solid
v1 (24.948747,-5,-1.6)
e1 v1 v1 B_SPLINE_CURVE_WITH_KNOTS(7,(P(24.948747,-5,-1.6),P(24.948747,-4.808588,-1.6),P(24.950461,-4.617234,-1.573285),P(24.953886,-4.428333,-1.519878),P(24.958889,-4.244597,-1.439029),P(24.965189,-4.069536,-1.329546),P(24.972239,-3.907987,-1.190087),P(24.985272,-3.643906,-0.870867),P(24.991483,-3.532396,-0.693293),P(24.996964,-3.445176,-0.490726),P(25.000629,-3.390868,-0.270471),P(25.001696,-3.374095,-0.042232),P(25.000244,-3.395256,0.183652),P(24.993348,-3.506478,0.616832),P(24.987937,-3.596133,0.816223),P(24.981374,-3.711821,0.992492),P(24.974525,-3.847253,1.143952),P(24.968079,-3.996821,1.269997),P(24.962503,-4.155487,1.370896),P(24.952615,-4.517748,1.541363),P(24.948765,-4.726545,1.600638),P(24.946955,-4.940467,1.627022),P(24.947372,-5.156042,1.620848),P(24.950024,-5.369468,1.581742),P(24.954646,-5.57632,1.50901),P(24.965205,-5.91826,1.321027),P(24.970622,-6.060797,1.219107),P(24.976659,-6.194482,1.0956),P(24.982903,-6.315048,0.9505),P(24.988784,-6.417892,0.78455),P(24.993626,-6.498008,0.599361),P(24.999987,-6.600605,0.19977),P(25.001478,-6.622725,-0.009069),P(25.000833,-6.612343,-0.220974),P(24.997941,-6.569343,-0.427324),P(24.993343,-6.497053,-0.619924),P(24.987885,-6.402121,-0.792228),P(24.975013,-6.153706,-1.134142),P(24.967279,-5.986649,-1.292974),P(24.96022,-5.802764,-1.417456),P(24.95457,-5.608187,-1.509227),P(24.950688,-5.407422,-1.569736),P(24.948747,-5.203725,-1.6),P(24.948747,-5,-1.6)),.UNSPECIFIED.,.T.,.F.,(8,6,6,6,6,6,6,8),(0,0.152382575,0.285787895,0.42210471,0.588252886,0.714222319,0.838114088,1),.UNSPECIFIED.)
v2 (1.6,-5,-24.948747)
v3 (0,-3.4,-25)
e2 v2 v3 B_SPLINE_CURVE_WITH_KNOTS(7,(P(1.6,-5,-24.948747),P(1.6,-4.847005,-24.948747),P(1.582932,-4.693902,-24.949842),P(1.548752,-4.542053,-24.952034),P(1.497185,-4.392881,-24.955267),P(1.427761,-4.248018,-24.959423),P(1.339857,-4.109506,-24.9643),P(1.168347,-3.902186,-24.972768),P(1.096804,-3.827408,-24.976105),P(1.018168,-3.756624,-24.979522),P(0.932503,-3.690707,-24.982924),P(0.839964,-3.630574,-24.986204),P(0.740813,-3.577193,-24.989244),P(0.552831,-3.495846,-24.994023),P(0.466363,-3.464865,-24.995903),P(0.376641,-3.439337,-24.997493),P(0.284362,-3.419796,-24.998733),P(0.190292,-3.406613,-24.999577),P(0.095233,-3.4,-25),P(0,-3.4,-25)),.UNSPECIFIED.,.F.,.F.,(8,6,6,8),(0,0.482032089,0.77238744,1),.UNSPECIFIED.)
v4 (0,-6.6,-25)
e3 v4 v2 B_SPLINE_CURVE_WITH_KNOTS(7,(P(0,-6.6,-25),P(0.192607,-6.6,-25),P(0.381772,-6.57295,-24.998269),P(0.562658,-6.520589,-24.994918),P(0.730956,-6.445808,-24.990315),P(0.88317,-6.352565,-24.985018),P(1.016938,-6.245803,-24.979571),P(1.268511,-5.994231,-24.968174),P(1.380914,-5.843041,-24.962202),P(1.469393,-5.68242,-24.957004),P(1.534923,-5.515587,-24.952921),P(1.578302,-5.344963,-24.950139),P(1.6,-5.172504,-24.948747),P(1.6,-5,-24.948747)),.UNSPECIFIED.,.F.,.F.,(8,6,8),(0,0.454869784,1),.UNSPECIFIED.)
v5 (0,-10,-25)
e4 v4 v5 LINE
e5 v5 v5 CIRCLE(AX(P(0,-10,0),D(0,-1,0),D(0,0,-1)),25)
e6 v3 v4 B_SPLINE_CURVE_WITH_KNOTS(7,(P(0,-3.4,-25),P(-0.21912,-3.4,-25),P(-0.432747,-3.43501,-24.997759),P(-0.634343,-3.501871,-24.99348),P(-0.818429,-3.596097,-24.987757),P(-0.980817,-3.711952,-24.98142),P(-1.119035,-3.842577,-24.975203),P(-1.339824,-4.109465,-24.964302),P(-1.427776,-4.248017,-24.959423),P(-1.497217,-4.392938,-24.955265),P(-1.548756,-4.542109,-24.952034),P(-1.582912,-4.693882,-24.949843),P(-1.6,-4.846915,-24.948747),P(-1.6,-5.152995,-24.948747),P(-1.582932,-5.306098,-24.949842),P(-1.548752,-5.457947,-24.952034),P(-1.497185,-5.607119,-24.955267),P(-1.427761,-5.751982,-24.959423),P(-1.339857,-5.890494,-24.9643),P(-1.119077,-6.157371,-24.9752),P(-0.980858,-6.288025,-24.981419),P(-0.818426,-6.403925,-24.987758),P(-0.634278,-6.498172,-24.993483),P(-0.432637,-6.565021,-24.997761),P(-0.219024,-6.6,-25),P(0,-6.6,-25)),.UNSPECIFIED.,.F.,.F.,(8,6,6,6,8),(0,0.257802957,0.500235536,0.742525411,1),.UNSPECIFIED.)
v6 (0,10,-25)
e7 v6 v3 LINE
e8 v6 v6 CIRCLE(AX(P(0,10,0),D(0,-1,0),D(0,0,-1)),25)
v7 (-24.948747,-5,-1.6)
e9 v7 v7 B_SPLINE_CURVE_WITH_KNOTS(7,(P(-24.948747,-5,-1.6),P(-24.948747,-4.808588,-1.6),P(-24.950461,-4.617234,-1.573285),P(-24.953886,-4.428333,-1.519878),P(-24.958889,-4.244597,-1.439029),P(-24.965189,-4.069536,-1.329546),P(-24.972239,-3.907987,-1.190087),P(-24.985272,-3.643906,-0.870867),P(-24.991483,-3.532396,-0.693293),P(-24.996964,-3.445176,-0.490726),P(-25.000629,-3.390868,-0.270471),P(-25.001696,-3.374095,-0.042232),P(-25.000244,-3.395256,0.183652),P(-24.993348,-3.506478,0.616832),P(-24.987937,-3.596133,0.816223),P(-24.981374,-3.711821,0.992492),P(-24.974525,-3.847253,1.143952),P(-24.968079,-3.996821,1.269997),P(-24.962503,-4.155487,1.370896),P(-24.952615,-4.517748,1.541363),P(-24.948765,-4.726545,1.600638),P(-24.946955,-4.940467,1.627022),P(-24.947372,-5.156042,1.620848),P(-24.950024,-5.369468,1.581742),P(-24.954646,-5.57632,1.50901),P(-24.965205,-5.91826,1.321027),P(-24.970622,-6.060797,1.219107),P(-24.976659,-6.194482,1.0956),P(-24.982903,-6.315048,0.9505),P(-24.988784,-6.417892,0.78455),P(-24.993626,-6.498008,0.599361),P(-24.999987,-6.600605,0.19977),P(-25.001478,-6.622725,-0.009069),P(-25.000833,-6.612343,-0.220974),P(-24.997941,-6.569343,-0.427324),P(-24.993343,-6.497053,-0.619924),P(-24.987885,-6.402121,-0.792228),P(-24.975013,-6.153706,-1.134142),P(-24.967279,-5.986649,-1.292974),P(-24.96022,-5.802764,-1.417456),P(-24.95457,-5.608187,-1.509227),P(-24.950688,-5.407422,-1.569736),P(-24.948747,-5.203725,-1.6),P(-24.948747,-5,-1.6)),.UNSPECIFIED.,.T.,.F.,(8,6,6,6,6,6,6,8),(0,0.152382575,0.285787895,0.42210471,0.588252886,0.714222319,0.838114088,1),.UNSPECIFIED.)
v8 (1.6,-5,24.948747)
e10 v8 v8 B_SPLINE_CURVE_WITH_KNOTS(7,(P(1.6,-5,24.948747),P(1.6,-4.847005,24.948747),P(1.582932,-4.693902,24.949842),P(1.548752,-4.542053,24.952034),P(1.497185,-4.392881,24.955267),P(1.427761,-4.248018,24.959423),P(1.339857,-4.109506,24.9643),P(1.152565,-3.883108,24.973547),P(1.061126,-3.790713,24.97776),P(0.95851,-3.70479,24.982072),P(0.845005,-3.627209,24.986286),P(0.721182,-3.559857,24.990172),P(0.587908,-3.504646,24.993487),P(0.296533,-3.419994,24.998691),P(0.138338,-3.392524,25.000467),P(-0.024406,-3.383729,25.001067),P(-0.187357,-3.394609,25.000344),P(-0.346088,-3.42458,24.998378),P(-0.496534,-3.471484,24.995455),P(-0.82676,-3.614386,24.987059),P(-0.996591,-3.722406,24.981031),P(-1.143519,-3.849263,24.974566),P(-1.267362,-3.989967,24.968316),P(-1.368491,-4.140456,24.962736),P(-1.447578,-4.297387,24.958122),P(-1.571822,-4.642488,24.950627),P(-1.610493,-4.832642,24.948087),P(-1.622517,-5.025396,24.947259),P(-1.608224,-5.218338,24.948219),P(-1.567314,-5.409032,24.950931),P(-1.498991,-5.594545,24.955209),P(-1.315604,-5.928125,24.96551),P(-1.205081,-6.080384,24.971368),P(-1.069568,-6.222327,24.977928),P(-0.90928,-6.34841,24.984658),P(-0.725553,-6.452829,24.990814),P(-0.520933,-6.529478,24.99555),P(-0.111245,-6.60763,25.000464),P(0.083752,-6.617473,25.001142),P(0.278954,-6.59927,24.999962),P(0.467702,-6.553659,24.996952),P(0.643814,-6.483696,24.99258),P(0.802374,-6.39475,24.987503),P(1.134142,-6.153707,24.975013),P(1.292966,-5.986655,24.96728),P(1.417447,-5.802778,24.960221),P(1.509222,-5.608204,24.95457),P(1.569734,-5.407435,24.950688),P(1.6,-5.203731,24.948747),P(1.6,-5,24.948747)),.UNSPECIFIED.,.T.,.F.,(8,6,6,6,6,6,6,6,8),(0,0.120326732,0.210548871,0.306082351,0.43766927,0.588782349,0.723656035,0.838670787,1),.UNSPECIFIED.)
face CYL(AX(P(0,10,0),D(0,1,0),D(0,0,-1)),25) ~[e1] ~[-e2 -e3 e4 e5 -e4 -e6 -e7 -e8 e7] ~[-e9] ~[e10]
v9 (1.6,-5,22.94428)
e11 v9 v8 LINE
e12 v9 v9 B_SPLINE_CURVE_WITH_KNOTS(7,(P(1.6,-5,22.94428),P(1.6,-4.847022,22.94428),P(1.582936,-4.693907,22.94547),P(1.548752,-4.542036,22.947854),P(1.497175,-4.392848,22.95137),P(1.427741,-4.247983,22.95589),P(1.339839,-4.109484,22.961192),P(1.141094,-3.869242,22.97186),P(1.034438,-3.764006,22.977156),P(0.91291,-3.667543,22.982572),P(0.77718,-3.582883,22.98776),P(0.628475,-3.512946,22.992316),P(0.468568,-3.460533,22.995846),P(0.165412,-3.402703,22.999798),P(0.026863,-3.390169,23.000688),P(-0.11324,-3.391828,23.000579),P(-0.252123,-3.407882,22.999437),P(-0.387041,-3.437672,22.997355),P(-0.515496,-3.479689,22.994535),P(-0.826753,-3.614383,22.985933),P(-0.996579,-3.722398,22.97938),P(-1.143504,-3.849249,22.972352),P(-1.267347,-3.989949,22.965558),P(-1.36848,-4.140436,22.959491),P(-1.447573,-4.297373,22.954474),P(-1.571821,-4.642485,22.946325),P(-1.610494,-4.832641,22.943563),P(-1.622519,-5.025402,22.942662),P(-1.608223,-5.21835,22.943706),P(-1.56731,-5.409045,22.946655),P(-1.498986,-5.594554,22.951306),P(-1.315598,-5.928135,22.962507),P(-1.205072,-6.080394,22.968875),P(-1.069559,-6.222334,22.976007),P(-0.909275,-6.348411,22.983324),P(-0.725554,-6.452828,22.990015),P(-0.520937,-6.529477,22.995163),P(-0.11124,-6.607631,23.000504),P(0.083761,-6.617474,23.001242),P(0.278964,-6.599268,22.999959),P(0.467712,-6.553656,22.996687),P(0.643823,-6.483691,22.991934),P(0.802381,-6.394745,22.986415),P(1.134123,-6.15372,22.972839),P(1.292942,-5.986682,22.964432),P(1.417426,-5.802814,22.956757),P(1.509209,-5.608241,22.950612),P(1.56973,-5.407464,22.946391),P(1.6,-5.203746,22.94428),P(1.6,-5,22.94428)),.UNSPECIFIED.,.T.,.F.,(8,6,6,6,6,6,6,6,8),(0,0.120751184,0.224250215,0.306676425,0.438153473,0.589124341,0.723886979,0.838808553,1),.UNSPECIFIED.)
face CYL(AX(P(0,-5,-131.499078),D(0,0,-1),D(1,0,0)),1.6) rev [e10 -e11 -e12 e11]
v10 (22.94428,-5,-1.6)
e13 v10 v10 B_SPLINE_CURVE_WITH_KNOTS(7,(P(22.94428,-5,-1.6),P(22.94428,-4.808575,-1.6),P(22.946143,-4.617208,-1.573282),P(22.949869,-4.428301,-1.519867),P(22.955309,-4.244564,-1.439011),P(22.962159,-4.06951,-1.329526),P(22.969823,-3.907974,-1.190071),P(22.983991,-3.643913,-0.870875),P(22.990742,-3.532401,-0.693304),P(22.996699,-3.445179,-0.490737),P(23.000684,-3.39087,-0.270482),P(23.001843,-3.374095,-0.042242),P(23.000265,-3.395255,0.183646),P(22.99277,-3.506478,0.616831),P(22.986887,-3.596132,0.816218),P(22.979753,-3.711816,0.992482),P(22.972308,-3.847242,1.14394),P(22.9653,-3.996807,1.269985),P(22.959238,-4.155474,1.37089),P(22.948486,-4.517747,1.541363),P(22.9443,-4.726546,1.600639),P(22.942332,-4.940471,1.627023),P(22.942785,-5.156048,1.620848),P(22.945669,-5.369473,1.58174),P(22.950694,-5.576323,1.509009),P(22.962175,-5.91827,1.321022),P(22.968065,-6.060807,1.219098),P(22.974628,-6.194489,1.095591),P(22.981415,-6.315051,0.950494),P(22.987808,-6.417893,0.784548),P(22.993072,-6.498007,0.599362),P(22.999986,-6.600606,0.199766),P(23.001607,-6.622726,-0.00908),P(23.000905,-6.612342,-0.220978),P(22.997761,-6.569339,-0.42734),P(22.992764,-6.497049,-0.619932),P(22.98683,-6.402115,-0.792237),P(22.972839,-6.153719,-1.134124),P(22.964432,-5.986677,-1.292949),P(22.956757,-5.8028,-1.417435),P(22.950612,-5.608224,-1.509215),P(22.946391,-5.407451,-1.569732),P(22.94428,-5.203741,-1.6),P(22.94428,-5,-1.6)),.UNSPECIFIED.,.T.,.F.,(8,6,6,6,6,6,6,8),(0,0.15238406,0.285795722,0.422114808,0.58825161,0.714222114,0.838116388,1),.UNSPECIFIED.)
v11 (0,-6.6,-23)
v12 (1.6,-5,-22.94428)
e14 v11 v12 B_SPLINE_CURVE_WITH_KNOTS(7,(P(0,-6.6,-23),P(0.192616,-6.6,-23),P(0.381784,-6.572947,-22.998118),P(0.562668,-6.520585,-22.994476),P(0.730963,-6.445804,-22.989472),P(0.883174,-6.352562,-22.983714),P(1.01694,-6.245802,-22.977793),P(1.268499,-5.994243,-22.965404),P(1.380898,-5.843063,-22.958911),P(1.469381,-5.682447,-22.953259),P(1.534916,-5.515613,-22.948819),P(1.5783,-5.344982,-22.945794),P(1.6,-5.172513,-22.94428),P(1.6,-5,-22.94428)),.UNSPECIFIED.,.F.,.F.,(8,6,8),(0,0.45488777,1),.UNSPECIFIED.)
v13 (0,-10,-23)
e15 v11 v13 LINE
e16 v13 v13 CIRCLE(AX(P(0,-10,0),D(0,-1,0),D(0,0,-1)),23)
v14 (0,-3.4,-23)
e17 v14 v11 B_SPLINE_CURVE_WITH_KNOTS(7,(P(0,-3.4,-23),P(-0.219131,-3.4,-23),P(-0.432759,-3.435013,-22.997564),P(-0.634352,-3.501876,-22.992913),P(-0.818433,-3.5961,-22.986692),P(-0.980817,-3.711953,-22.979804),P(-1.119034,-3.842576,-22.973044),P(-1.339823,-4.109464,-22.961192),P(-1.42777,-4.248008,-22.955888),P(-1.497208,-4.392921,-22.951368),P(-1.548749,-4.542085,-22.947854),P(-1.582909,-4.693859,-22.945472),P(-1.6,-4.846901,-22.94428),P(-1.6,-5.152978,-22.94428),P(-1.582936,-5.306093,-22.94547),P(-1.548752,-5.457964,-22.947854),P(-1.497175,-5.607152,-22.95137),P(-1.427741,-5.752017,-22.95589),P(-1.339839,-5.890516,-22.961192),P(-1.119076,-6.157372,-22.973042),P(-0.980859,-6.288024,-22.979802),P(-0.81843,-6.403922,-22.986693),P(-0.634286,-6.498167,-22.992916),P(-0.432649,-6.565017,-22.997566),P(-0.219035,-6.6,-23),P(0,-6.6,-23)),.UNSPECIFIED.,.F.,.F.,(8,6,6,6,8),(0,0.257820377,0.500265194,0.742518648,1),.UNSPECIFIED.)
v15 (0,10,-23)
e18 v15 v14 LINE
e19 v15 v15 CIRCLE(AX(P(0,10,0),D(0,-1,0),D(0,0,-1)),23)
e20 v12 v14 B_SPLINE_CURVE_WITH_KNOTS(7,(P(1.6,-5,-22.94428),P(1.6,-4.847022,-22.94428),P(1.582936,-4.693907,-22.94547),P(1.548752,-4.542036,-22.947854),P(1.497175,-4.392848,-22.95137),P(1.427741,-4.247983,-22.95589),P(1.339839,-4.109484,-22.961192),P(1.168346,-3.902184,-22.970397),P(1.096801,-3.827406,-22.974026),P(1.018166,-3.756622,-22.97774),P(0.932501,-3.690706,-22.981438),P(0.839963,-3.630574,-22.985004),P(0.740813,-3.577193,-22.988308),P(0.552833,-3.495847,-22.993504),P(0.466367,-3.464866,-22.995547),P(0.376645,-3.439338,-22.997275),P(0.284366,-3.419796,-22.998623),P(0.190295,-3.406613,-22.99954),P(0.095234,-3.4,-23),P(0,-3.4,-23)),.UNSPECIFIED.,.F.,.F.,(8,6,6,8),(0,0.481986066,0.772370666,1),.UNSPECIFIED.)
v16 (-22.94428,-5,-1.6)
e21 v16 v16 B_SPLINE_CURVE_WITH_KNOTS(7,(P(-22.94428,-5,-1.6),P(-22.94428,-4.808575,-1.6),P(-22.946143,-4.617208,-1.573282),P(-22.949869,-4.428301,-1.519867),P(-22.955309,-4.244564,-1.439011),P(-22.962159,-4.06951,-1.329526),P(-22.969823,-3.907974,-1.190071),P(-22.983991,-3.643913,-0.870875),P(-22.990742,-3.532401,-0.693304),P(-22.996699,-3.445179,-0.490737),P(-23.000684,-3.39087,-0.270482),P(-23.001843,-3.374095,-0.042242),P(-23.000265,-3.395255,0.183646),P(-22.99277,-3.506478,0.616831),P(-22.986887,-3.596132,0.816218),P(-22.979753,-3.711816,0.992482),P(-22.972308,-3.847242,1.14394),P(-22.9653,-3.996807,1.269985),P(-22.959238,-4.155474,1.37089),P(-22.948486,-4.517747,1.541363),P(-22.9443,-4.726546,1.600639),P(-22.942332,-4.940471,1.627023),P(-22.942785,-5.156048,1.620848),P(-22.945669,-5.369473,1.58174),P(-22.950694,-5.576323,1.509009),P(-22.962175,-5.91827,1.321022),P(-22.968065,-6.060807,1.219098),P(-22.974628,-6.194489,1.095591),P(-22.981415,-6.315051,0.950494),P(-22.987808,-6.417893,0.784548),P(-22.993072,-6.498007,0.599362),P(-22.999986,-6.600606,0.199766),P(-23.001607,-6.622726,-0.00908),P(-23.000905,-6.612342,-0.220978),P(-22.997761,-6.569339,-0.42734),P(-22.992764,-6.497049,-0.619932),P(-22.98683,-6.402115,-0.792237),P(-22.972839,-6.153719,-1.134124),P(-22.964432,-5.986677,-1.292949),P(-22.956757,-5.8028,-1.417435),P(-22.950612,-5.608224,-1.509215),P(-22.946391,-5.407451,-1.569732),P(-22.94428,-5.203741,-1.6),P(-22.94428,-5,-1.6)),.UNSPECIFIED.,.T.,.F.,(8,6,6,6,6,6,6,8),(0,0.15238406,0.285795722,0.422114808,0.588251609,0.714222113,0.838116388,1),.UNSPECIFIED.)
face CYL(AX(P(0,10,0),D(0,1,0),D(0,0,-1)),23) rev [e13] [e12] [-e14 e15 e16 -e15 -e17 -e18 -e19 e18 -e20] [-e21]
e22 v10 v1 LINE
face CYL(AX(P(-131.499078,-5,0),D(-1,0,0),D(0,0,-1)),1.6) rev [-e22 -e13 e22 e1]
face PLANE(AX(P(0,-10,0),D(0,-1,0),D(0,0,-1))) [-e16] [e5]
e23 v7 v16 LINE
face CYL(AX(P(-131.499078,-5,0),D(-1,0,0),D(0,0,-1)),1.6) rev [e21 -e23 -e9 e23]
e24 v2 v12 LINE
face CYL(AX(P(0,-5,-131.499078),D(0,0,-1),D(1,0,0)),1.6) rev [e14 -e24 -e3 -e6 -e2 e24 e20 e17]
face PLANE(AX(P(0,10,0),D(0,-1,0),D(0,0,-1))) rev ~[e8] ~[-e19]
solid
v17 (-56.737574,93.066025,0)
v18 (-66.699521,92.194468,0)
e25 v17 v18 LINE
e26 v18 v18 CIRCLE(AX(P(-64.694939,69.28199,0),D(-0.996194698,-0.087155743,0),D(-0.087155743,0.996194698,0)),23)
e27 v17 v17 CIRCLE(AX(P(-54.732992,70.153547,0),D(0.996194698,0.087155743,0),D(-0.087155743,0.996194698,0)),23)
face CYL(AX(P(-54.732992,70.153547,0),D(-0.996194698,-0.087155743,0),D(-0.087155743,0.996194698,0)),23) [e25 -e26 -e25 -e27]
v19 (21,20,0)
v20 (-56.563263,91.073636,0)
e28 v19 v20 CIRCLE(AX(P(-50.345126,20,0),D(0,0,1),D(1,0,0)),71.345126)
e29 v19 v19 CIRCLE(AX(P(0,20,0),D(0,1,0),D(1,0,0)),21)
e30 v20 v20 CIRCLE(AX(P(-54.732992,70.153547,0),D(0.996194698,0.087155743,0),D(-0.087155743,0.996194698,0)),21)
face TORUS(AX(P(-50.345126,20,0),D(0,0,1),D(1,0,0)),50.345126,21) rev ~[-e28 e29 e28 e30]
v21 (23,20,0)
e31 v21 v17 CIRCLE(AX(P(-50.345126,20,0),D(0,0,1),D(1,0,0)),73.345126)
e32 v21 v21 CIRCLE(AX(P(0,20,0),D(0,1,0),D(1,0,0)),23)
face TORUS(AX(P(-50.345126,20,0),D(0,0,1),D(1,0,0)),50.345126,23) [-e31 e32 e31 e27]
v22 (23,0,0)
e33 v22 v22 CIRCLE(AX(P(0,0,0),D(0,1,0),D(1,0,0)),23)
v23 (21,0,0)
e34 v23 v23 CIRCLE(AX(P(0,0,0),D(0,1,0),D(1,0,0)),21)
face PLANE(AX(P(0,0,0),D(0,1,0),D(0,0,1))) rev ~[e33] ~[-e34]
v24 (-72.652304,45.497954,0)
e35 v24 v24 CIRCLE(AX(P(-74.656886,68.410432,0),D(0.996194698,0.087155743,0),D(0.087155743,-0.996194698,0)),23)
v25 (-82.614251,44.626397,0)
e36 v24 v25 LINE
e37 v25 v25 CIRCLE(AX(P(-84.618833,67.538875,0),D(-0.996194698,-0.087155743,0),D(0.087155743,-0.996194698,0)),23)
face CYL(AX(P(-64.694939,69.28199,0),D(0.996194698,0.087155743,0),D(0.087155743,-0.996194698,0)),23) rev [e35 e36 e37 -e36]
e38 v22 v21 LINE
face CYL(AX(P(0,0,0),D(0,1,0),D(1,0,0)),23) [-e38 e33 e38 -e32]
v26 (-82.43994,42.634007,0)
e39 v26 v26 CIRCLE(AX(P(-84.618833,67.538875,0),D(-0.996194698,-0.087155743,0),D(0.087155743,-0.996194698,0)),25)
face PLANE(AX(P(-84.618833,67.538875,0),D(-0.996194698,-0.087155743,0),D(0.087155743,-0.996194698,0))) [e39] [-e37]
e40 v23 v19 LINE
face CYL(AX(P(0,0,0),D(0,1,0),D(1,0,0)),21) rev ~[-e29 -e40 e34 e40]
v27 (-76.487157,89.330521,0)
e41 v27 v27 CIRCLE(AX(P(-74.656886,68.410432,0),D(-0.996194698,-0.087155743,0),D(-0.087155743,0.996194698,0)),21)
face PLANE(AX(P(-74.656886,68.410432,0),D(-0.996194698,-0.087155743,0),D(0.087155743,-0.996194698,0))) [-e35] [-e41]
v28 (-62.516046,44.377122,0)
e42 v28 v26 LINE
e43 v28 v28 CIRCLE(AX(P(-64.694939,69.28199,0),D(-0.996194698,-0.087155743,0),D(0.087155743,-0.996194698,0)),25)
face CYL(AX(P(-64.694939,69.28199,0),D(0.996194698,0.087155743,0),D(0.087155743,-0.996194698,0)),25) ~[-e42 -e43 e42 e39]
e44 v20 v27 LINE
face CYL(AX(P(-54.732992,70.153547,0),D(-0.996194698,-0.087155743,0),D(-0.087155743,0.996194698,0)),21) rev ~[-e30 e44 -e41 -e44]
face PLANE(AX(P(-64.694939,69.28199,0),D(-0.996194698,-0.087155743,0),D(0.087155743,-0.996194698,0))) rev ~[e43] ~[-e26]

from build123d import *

# Parameters (mm, degrees)
SKETCH_1_R               = 23
SKETCH_1_R_2             = 21
EXTRUDE_1_DEPTH          = 10
EXTRUDE_1_DEPTH_BACK     = 10
SKETCH_3_R               = 25
SKETCH_3_R_2             = 23
EXTRUDE_2_DEPTH          = 10
EXTRUDE_2_DEPTH_BACK     = 10
SKETCH_4_R               = 25
SKETCH_4_R_2             = 23
CUT_EXTRUDE_1_DEPTH      = 131.4990784
CUT_EXTRUDE_1_DEPTH_BACK = 131.4990784
SKETCH_5_R               = 1.6
CUT_EXTRUDE_2_DEPTH      = 131.499078423
CUT_EXTRUDE_2_DEPTH_BACK = 131.499078423
SKETCH_7_R               = 1.6


with BuildPart() as part:
    # 扫描1: sweep along a path in 草图2
    with BuildLine(Plane.XY) as sweep_1_path:
        Line((0, 0), (0, 20))
        ThreePointArc((0, 20), (-16.332451735, 57.118320104), (-54.732992387, 70.153547171))
        Line((-54.732992387, 70.153547171), (-74.656886349, 68.410432316))
    # 草图1 → 扫描1 (sweep)
    with BuildSketch(Plane(origin=(0, 0, 0), x_dir=(1, 0, 0), z_dir=(0, 1, 0))):
        Circle(SKETCH_1_R)
        Circle(SKETCH_1_R_2, mode=Mode.SUBTRACT)
    sweep(path=sweep_1_path.line)

    # 草图4 → 凸台-拉伸2 (add, two sides: drawn at the far end of the back side and taken through both)
    with BuildSketch(Plane(origin=(-68.150109968, -5.96236204, 0), x_dir=(0, 0, 1), z_dir=(-0.9961946980917464, -0.08715574274764801, 0)).offset(-EXTRUDE_2_DEPTH_BACK)):
        with Locations((0, 74.656886349)):
            Circle(SKETCH_4_R)
        with Locations((0, 74.656886349)):
            Circle(SKETCH_4_R_2, mode=Mode.SUBTRACT)
    extrude(amount=EXTRUDE_2_DEPTH + EXTRUDE_2_DEPTH_BACK)


with BuildPart() as body_2:
    # 草图3 → 凸台-拉伸1 (new, two sides: drawn at the far end of the back side and taken through both)
    with BuildSketch(Plane.XZ.offset(-EXTRUDE_1_DEPTH_BACK)):
        Circle(SKETCH_3_R)
        Circle(SKETCH_3_R_2, mode=Mode.SUBTRACT)
    extrude(amount=EXTRUDE_1_DEPTH + EXTRUDE_1_DEPTH_BACK)

    # 草图5 → 切除-拉伸1 (cut, two sides: drawn at the far end of the back side and taken through both)
    with BuildSketch(Plane.XY.offset(-CUT_EXTRUDE_1_DEPTH_BACK)):
        with Locations((0, -5)):
            Circle(SKETCH_5_R)
    extrude(amount=CUT_EXTRUDE_1_DEPTH + CUT_EXTRUDE_1_DEPTH_BACK, mode=Mode.SUBTRACT)

    # 草图7 → 切除-拉伸2 (cut, two sides: drawn at the far end of the back side and taken through both)
    with BuildSketch(Plane(origin=(0, 0, 0), x_dir=(0, 0, -1), z_dir=(1, 0, 0)).offset(-CUT_EXTRUDE_2_DEPTH_BACK)):
        with Locations((0, -5)):
            Circle(SKETCH_7_R)
    extrude(amount=CUT_EXTRUDE_2_DEPTH + CUT_EXTRUDE_2_DEPTH_BACK, mode=Mode.SUBTRACT)


solid = Compound([part.part, body_2.part])
